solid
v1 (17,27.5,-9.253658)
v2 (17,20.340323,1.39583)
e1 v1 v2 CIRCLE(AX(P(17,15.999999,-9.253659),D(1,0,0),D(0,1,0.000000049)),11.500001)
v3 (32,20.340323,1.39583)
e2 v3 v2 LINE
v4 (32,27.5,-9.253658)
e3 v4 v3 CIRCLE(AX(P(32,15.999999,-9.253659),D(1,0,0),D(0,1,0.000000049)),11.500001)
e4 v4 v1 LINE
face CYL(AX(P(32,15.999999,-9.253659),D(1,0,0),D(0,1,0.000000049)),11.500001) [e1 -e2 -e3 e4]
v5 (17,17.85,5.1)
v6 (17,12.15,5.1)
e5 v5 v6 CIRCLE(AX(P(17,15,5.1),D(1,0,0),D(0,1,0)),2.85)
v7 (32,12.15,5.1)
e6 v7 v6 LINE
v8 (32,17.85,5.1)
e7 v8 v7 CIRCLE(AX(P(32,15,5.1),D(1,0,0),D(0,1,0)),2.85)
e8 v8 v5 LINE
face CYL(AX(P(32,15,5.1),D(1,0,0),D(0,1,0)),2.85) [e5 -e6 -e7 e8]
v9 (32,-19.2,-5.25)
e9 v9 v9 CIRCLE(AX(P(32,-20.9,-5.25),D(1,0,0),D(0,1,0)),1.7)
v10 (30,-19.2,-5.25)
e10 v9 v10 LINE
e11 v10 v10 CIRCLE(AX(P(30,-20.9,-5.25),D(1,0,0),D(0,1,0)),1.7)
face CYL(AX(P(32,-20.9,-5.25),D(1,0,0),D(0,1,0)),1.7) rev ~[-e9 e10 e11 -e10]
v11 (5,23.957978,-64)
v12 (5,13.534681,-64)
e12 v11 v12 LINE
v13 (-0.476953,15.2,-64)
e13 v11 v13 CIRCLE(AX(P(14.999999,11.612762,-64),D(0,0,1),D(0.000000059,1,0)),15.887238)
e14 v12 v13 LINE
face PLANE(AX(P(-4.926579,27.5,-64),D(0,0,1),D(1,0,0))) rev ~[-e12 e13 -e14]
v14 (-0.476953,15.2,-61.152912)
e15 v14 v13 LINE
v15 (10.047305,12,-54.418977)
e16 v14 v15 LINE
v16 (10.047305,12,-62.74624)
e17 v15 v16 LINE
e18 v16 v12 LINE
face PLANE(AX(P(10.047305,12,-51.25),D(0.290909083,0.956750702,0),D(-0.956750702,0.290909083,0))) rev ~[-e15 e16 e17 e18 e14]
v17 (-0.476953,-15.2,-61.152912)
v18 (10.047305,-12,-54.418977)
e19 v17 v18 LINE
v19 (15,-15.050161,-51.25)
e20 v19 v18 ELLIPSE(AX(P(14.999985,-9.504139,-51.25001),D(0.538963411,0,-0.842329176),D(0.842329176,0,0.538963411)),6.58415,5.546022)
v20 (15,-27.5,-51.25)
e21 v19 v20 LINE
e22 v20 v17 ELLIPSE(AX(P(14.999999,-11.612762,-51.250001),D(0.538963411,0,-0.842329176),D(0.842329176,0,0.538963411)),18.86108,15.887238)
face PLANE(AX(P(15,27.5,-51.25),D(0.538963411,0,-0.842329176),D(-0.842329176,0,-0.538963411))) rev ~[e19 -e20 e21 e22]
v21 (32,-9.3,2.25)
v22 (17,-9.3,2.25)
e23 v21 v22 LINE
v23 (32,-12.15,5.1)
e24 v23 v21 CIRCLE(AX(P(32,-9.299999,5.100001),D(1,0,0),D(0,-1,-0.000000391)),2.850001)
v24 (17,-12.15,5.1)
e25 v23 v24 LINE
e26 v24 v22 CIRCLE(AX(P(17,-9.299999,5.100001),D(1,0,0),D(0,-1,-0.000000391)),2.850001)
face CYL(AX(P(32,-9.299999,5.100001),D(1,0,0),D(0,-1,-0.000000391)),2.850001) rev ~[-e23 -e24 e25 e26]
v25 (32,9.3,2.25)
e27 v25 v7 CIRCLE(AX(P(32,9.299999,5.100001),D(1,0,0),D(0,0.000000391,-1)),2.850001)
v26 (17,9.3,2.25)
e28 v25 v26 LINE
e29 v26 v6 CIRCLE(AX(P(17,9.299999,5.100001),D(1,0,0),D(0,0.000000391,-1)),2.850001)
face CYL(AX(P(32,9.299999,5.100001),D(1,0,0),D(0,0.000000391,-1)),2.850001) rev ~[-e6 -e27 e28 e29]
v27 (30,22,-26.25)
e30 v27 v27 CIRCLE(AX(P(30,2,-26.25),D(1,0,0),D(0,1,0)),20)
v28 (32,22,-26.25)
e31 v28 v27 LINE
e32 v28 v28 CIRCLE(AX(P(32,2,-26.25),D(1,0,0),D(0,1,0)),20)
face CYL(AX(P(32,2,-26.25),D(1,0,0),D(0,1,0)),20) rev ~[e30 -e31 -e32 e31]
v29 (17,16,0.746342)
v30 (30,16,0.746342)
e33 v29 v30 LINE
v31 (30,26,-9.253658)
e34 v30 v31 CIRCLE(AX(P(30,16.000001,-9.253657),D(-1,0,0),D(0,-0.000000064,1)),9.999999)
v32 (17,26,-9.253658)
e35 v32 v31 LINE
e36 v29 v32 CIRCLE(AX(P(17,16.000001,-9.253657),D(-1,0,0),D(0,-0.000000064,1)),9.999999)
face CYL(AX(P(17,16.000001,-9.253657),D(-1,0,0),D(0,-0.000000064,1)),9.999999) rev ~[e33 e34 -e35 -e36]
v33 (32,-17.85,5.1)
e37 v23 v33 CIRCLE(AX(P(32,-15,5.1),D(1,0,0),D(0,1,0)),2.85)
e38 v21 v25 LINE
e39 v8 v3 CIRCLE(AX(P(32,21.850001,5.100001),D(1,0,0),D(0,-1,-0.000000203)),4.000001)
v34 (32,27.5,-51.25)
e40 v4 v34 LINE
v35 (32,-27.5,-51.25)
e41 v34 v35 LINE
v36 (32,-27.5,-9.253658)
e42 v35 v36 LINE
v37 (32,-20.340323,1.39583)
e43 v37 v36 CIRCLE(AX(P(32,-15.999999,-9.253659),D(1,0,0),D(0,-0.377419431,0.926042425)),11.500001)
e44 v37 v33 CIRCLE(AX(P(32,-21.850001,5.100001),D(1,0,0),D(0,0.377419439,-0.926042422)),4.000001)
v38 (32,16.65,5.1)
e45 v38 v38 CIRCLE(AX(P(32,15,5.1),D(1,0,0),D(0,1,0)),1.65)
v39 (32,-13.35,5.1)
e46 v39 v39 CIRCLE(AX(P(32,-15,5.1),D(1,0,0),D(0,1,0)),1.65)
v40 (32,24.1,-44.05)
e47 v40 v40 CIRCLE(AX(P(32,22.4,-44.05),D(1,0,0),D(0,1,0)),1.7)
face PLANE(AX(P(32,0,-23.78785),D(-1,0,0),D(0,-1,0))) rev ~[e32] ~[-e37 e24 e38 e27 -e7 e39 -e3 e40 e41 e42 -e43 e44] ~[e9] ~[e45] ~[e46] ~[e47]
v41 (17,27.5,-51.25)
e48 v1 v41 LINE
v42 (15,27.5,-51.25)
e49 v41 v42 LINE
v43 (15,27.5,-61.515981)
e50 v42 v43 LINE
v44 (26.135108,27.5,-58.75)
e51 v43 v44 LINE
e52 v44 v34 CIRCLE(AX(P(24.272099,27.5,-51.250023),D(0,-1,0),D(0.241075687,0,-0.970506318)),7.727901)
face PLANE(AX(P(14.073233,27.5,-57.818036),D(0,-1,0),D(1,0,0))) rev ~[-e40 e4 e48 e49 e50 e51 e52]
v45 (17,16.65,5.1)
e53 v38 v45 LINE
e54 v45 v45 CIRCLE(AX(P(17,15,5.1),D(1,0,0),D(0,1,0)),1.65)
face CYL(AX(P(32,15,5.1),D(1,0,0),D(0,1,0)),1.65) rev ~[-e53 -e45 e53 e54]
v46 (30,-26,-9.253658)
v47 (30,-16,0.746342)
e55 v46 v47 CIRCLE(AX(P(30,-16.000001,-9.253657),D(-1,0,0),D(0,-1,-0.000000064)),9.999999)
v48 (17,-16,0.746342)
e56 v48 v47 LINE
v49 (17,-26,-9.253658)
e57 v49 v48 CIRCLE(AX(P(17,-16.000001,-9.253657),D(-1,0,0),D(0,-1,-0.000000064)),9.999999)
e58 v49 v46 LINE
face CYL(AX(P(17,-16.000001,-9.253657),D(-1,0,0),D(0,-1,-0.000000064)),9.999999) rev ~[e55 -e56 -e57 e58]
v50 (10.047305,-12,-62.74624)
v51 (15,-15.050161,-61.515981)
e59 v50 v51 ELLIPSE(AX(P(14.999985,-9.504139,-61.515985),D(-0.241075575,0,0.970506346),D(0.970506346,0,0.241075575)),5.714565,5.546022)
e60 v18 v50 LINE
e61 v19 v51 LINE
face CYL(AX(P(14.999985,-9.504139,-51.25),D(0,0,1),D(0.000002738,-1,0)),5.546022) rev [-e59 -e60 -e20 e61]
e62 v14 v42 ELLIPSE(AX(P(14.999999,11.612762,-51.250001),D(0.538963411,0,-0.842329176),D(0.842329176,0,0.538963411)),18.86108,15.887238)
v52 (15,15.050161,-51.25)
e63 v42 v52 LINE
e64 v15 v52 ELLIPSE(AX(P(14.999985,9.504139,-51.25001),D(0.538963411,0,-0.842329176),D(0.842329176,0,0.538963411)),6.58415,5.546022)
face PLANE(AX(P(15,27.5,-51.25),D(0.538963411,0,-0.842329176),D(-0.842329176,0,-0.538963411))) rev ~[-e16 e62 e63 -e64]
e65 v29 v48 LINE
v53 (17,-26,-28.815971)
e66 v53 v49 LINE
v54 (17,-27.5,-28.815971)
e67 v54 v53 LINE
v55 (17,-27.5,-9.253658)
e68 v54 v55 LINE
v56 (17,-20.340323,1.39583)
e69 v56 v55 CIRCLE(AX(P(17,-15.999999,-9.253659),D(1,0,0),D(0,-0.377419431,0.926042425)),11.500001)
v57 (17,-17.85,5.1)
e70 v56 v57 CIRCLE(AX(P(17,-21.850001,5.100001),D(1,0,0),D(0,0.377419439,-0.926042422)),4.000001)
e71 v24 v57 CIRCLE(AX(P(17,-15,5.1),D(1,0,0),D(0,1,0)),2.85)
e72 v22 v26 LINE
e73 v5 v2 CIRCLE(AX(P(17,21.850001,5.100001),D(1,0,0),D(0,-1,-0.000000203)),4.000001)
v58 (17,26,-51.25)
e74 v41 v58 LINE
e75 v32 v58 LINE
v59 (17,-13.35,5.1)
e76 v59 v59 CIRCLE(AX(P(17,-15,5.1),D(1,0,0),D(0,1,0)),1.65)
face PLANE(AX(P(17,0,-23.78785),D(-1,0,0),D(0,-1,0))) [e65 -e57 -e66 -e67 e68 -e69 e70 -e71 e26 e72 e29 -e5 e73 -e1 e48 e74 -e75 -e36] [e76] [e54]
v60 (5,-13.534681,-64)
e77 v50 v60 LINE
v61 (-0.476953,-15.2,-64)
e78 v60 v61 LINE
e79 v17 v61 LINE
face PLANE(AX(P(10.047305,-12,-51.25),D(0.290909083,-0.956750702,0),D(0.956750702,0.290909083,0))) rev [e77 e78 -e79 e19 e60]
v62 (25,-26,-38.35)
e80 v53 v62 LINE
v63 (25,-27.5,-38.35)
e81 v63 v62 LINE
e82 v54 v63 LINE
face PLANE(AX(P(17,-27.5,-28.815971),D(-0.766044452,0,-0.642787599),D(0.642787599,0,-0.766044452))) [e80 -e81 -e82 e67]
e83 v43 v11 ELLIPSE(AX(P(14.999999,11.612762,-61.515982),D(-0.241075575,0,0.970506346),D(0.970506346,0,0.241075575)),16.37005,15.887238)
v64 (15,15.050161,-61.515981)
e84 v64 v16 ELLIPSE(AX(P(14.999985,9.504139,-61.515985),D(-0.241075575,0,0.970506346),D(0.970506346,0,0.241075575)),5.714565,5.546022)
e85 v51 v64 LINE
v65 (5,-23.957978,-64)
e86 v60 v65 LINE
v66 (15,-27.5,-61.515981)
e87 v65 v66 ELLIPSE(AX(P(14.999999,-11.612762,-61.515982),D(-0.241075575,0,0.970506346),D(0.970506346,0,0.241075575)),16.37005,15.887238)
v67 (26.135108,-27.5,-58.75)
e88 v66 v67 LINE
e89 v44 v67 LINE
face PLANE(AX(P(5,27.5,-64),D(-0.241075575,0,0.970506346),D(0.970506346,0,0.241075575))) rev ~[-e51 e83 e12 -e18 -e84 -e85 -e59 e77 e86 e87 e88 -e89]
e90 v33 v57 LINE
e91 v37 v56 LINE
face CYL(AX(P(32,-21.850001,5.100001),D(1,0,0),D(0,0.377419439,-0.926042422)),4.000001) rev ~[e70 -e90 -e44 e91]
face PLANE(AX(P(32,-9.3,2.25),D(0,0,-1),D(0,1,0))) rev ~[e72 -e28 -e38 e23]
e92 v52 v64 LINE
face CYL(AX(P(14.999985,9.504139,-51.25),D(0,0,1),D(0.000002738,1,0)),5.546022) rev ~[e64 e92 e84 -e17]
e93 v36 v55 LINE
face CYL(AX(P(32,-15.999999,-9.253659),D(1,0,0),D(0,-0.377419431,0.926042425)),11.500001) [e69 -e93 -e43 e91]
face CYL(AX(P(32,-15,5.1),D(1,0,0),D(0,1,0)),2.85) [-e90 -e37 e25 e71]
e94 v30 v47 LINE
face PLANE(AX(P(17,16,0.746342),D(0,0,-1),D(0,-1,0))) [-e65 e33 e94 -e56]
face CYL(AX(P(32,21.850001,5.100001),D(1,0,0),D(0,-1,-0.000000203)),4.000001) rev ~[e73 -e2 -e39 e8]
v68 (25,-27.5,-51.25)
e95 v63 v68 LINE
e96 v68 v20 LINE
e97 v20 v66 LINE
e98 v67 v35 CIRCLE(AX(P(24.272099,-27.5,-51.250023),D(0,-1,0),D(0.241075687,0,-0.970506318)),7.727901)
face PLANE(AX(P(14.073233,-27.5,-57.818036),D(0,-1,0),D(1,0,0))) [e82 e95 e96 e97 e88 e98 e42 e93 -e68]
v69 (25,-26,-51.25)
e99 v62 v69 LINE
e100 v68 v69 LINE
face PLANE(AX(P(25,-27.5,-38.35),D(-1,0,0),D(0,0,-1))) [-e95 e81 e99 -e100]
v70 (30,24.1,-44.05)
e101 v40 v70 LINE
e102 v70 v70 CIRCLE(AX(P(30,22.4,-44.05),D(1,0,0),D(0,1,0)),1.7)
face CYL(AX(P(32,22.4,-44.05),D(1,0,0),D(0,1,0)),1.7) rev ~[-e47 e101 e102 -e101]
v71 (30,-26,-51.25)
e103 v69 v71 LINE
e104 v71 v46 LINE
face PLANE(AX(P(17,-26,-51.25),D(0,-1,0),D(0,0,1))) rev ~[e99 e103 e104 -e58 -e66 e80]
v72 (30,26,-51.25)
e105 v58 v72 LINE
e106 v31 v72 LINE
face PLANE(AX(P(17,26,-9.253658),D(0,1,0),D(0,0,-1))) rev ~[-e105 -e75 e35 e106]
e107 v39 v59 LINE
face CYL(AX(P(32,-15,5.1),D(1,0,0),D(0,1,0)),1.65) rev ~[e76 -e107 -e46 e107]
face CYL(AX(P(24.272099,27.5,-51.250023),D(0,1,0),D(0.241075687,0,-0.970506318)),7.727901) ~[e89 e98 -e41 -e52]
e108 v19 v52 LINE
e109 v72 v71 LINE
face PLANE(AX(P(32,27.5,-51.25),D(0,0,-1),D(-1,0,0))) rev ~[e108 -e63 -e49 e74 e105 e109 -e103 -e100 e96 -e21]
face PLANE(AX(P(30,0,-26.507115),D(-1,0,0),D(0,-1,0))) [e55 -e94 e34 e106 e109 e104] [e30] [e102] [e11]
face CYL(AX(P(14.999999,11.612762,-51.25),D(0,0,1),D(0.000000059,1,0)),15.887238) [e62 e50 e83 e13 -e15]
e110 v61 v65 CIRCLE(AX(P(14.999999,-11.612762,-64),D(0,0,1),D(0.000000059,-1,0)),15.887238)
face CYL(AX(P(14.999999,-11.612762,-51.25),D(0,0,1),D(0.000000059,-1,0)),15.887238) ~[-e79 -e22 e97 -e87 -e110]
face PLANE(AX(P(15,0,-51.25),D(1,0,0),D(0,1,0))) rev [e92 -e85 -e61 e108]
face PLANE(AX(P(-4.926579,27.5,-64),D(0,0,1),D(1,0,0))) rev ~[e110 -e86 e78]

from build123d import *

# Parameters (mm, degrees)
PAD041_DEPTH    = 15
POCKET053_DEPTH = 13
SKETCH111_R     = 1.65
SKETCH111_R_2   = 1.7
SKETCH111_R_3   = 20
POCKET054_DEPTH = 15
POCKET055_DEPTH = 5
PAD042_DEPTH    = 55
POCKET056_DEPTH = 208.356468


with BuildPart() as part:
    # Sketch109 → Pad041 (new body)
    with BuildSketch(Plane.YZ):
        with BuildLine():
            Line((27.5, -9.253658), (27.5, -51.25))
            Line((27.5, -51.25), (-27.5, -51.25))
            Line((-27.5, -51.25), (-27.5, -9.253658))
            ThreePointArc((-20.340323, 1.39583), (-25.543681, -2.837417), (-27.5, -9.253658))
            ThreePointArc((-20.340323, 1.39583), (-18.530459, 2.868264), (-17.85, 5.1))
            ThreePointArc((-12.15, 5.1), (-15, 7.95), (-17.85, 5.1))
            ThreePointArc((-12.15, 5.1), (-11.315254, 3.084746), (-9.3, 2.25))
            Line((-9.3, 2.25), (9.3, 2.25))
            ThreePointArc((9.3, 2.25), (11.315254, 3.084746), (12.15, 5.1))
            ThreePointArc((17.85, 5.1), (15, 7.95), (12.15, 5.1))
            ThreePointArc((17.85, 5.1), (18.530459, 2.868264), (20.340323, 1.39583))
            ThreePointArc((27.5, -9.253658), (25.543681, -2.837417), (20.340323, 1.39583))
        make_face()
    extrude(amount=-PAD041_DEPTH)

    # Sketch110 (on Face14 of Pad041) → Pocket053 (cut)
    with BuildSketch(Plane(origin=(-15, 0, 0), x_dir=(0, -1, 0), z_dir=(-1, 0, 0))):
        with BuildLine():
            Line((-26, -9.253658), (-26, -51.25))
            Line((-26, -51.25), (26, -51.25))
            Line((26, -51.25), (26, -9.253658))
            ThreePointArc((26, -9.253658), (23.071068, -2.18259), (16, 0.746342))
            Line((-16, 0.746342), (16, 0.746342))
            ThreePointArc((-16, 0.746342), (-23.071068, -2.18259), (-26, -9.253658))
        make_face()
    extrude(amount=-POCKET053_DEPTH, mode=Mode.SUBTRACT)

    # Sketch111 (on Face4 of Pocket053) → Pocket054 (cut)
    with BuildSketch(Plane.YZ):
        with Locations((-15, 5.1)):
            Circle(SKETCH111_R)
        with Locations((15, 5.1)):
            Circle(SKETCH111_R)
        with Locations((22.4, -44.05)):
            Circle(SKETCH111_R_2)
        with Locations((-20.9, -5.25)):
            Circle(SKETCH111_R_2)
        with Locations((2, -26.25)):
            Circle(SKETCH111_R_3)
    extrude(amount=-POCKET054_DEPTH, mode=Mode.SUBTRACT)

    # Sketch112 (on Face11 of Pocket054) → Pocket055 (cut)
    with BuildSketch(Plane(origin=(0, -27.5, 0), x_dir=(0, 0, 1), z_dir=(0, -1, 0))):
        Polygon((-51.25, 15), (-28.815971, 15), (-38.35, 7), (-51.25, 7), align=None)
    extrude(amount=-POCKET055_DEPTH, mode=Mode.SUBTRACT)

    # Sketch114 (on Face7 of Pocket055) → Pad042 (join)
    with BuildSketch(Plane.XZ.offset(-27.5)):
        with BuildLine():
            ThreePointArc((-5.864892, -58.75), (-1.6403, -56.01044), (0, -51.25))
            Line((0, -51.25), (-17, -51.25))
            Line((-17, -51.25), (-36.926579, -64))
            Line((-36.926579, -64), (-27, -64))
            Line((-27, -64), (-5.864892, -58.75))
        make_face()
    extrude(amount=PAD042_DEPTH)

    # Sketch115 (on Face20 of Pad042) → Pocket056 (cut, through all)
    with BuildSketch(Plane(origin=(0, 0, -51.25), x_dir=(0, -1, 0), z_dir=(0, 0, 1))):
        with BuildLine():
            Line((-27.5, -17), (-27.5, -43))
            Line((-27.5, -43), (0, -43))
            Line((0, -43), (0, -17))
            Line((0, -17), (-15.050161, -17))
            ThreePointArc((-15.050161, -17), (-14.226455, -19.908295), (-12, -21.952695))
            Line((-12, -21.952695), (-15.2, -32.476953))
            ThreePointArc((-27.5, -17), (-24.05052, -26.884661), (-15.2, -32.476953))
        make_face()
    pocket056 = extrude(amount=-POCKET056_DEPTH, mode=Mode.SUBTRACT)

    # Mirrored001: Pocket056 across Sketch115 V_Axis
    add(pocket056.mirror(Plane(origin=(0, 0, -51.25), x_dir=(0, 0, 1), z_dir=(0, -1, 0))), mode=Mode.SUBTRACT)


with BuildPart() as part_1:
    # Body015 placement: moved
    add(part.part.moved(Location((32, 0, 0))))


solid = part_1.part
